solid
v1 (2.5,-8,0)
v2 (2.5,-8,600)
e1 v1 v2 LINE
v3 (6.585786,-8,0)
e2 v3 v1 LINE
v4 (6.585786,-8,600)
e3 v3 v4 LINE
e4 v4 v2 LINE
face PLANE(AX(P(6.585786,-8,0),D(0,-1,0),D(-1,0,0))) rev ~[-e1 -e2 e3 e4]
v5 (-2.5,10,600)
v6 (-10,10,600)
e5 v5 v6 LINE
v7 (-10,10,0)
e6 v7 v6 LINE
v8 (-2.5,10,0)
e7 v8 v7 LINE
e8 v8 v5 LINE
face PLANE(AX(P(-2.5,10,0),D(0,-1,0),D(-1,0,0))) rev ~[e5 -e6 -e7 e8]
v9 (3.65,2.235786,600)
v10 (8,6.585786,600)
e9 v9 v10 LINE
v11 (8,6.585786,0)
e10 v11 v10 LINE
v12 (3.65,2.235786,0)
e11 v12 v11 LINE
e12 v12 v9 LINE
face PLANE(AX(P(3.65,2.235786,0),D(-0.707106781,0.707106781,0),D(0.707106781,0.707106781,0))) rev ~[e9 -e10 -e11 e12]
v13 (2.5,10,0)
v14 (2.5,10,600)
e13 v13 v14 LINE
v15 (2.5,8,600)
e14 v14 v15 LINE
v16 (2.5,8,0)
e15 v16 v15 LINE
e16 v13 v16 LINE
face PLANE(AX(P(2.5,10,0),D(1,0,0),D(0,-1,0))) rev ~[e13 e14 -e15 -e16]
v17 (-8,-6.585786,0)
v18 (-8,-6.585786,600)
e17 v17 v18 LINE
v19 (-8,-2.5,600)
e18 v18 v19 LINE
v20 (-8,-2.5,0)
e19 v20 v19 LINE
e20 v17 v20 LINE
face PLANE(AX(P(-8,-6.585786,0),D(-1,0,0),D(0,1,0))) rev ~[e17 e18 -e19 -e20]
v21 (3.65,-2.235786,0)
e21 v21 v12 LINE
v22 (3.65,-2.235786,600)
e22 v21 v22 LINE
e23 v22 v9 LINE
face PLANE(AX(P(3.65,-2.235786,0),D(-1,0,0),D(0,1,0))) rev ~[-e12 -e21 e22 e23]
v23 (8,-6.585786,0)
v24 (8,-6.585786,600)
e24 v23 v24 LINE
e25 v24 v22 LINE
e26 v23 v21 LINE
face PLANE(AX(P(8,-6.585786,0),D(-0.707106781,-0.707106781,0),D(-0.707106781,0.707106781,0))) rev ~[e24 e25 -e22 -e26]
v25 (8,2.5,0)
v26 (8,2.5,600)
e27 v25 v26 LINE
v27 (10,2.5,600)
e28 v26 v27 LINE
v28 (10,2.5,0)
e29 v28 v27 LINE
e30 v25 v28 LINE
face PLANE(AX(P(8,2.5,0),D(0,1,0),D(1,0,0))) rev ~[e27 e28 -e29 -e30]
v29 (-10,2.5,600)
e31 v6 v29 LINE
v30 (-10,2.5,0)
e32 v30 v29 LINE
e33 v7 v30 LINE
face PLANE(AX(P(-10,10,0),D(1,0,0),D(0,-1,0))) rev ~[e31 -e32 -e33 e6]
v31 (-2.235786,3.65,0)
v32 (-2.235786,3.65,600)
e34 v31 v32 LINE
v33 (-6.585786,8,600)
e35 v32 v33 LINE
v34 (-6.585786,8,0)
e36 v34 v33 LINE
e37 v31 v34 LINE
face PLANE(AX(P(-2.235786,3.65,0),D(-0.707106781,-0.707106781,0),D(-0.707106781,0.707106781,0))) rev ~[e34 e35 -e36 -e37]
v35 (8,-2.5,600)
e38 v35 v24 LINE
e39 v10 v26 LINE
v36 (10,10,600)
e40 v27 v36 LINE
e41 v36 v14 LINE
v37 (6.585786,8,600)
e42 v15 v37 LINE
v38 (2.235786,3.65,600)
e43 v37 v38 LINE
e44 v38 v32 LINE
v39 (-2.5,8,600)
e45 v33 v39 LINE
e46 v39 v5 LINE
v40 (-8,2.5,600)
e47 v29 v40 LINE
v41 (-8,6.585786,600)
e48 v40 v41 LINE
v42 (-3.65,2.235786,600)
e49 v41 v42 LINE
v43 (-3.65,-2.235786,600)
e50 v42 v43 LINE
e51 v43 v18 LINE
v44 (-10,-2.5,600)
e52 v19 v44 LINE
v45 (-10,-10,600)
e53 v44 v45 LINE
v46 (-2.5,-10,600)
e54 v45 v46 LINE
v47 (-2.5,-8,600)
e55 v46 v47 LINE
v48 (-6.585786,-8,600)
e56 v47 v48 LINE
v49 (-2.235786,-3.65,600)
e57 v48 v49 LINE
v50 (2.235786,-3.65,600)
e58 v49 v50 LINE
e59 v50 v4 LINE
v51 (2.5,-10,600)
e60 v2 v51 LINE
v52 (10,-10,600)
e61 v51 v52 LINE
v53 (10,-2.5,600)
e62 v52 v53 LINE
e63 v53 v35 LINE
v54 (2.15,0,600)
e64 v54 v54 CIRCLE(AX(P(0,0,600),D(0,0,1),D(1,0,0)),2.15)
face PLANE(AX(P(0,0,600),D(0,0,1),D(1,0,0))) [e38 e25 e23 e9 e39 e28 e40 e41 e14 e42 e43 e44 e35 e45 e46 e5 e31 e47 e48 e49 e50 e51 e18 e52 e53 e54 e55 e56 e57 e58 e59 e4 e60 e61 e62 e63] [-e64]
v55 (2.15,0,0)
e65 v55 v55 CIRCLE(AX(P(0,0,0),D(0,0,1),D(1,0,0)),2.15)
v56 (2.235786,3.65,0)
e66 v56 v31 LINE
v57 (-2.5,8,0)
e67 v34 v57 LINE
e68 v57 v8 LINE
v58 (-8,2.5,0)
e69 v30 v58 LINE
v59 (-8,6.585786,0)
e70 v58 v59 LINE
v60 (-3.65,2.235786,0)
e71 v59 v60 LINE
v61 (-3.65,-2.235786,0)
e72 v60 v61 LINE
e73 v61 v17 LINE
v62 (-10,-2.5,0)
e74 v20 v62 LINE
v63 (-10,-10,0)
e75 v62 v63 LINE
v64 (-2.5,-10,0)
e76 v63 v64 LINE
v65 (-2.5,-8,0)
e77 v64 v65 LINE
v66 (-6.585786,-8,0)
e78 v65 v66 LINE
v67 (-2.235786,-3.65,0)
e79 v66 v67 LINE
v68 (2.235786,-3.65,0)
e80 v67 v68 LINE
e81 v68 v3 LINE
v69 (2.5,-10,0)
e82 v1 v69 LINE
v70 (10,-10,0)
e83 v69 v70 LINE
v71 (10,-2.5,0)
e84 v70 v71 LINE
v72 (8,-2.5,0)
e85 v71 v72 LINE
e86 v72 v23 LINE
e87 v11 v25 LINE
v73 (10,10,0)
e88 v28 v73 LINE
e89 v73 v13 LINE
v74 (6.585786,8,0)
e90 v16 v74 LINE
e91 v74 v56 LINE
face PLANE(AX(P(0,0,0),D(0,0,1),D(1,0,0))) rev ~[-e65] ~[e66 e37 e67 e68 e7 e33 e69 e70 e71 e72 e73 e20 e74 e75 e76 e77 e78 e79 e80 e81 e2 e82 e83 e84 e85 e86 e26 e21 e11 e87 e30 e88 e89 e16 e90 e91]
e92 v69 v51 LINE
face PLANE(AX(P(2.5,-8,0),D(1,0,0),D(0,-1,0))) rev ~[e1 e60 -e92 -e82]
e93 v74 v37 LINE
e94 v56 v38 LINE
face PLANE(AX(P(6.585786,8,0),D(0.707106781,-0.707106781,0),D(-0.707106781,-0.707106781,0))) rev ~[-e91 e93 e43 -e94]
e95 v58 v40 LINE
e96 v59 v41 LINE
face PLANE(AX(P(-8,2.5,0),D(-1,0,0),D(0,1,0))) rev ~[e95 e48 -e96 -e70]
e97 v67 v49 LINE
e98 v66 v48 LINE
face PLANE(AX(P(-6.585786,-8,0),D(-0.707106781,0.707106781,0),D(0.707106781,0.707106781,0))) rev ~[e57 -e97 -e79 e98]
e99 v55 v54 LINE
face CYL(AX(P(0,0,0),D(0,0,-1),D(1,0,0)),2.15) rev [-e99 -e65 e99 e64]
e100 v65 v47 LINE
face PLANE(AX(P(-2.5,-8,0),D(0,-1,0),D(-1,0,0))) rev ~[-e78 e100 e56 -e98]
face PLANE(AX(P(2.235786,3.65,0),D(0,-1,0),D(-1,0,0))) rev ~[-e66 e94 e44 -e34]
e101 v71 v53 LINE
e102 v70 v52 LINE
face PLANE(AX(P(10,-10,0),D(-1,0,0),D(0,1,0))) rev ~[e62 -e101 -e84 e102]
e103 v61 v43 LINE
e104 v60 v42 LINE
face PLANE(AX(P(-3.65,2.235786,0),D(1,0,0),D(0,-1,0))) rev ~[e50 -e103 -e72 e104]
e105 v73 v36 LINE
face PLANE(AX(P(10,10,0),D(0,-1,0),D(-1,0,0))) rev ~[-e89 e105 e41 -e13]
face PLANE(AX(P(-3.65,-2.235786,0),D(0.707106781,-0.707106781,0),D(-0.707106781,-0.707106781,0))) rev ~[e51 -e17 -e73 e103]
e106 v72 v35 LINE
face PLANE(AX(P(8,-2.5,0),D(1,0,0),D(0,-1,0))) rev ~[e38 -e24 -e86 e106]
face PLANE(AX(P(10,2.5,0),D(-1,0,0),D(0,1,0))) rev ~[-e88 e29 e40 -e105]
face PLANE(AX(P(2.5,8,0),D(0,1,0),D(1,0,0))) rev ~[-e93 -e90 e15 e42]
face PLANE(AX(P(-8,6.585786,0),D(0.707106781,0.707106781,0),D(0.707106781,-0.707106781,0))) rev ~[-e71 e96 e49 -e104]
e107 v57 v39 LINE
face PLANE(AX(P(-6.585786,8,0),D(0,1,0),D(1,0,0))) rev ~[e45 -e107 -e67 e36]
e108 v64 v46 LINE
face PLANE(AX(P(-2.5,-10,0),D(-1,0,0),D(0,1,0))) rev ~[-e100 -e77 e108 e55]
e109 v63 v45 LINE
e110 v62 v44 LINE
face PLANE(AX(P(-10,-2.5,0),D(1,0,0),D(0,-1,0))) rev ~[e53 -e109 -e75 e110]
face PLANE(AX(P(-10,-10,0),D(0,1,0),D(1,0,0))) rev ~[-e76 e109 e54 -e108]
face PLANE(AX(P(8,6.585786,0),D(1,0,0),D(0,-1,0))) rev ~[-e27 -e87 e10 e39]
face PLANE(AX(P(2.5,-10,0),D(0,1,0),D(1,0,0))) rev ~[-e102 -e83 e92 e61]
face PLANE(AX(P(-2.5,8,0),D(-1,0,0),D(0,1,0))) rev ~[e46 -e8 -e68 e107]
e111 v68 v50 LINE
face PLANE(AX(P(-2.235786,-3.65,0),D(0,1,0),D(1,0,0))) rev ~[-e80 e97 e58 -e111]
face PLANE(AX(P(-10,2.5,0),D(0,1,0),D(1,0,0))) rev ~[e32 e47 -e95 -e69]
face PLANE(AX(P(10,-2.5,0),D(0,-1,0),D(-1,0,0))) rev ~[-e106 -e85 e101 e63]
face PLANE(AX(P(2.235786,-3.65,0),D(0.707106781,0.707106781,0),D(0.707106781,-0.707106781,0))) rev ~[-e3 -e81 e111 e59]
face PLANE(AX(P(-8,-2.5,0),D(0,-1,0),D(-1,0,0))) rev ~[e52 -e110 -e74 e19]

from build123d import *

# Parameters (mm, degrees)
ESQUISSE1_R        = 2.15
BOSS_EXTRU_1_DEPTH = 600


with BuildPart() as part:
    # Esquisse1 → Boss.-Extru.1 (new body)
    with BuildSketch(Plane.XY):
        Polygon((-2.5, 10), (-10, 10), (-10, 2.5), (-8, 2.5), (-8, 6.585786438), (-3.65, 2.235786438), (-3.65, -2.235786438), (-8, -6.585786438), (-8, -2.5), (-10, -2.5), (-10, -10), (-2.5, -10), (-2.5, -8), (-6.585786438, -8), (-2.235786438, -3.65), (2.235786438, -3.65), (6.585786438, -8), (2.5, -8), (2.5, -10), (10, -10), (10, -2.5), (8, -2.5), (8, -6.585786438), (3.65, -2.235786438), (3.65, 2.235786438), (8, 6.585786438), (8, 2.5), (10, 2.5), (10, 10), (2.5, 10), (2.5, 8), (6.585786438, 8), (2.235786438, 3.65), (-2.235786438, 3.65), (-6.585786438, 8), (-2.5, 8), align=None)
        Circle(ESQUISSE1_R, mode=Mode.SUBTRACT)
    extrude(amount=BOSS_EXTRU_1_DEPTH)


solid = part.part
